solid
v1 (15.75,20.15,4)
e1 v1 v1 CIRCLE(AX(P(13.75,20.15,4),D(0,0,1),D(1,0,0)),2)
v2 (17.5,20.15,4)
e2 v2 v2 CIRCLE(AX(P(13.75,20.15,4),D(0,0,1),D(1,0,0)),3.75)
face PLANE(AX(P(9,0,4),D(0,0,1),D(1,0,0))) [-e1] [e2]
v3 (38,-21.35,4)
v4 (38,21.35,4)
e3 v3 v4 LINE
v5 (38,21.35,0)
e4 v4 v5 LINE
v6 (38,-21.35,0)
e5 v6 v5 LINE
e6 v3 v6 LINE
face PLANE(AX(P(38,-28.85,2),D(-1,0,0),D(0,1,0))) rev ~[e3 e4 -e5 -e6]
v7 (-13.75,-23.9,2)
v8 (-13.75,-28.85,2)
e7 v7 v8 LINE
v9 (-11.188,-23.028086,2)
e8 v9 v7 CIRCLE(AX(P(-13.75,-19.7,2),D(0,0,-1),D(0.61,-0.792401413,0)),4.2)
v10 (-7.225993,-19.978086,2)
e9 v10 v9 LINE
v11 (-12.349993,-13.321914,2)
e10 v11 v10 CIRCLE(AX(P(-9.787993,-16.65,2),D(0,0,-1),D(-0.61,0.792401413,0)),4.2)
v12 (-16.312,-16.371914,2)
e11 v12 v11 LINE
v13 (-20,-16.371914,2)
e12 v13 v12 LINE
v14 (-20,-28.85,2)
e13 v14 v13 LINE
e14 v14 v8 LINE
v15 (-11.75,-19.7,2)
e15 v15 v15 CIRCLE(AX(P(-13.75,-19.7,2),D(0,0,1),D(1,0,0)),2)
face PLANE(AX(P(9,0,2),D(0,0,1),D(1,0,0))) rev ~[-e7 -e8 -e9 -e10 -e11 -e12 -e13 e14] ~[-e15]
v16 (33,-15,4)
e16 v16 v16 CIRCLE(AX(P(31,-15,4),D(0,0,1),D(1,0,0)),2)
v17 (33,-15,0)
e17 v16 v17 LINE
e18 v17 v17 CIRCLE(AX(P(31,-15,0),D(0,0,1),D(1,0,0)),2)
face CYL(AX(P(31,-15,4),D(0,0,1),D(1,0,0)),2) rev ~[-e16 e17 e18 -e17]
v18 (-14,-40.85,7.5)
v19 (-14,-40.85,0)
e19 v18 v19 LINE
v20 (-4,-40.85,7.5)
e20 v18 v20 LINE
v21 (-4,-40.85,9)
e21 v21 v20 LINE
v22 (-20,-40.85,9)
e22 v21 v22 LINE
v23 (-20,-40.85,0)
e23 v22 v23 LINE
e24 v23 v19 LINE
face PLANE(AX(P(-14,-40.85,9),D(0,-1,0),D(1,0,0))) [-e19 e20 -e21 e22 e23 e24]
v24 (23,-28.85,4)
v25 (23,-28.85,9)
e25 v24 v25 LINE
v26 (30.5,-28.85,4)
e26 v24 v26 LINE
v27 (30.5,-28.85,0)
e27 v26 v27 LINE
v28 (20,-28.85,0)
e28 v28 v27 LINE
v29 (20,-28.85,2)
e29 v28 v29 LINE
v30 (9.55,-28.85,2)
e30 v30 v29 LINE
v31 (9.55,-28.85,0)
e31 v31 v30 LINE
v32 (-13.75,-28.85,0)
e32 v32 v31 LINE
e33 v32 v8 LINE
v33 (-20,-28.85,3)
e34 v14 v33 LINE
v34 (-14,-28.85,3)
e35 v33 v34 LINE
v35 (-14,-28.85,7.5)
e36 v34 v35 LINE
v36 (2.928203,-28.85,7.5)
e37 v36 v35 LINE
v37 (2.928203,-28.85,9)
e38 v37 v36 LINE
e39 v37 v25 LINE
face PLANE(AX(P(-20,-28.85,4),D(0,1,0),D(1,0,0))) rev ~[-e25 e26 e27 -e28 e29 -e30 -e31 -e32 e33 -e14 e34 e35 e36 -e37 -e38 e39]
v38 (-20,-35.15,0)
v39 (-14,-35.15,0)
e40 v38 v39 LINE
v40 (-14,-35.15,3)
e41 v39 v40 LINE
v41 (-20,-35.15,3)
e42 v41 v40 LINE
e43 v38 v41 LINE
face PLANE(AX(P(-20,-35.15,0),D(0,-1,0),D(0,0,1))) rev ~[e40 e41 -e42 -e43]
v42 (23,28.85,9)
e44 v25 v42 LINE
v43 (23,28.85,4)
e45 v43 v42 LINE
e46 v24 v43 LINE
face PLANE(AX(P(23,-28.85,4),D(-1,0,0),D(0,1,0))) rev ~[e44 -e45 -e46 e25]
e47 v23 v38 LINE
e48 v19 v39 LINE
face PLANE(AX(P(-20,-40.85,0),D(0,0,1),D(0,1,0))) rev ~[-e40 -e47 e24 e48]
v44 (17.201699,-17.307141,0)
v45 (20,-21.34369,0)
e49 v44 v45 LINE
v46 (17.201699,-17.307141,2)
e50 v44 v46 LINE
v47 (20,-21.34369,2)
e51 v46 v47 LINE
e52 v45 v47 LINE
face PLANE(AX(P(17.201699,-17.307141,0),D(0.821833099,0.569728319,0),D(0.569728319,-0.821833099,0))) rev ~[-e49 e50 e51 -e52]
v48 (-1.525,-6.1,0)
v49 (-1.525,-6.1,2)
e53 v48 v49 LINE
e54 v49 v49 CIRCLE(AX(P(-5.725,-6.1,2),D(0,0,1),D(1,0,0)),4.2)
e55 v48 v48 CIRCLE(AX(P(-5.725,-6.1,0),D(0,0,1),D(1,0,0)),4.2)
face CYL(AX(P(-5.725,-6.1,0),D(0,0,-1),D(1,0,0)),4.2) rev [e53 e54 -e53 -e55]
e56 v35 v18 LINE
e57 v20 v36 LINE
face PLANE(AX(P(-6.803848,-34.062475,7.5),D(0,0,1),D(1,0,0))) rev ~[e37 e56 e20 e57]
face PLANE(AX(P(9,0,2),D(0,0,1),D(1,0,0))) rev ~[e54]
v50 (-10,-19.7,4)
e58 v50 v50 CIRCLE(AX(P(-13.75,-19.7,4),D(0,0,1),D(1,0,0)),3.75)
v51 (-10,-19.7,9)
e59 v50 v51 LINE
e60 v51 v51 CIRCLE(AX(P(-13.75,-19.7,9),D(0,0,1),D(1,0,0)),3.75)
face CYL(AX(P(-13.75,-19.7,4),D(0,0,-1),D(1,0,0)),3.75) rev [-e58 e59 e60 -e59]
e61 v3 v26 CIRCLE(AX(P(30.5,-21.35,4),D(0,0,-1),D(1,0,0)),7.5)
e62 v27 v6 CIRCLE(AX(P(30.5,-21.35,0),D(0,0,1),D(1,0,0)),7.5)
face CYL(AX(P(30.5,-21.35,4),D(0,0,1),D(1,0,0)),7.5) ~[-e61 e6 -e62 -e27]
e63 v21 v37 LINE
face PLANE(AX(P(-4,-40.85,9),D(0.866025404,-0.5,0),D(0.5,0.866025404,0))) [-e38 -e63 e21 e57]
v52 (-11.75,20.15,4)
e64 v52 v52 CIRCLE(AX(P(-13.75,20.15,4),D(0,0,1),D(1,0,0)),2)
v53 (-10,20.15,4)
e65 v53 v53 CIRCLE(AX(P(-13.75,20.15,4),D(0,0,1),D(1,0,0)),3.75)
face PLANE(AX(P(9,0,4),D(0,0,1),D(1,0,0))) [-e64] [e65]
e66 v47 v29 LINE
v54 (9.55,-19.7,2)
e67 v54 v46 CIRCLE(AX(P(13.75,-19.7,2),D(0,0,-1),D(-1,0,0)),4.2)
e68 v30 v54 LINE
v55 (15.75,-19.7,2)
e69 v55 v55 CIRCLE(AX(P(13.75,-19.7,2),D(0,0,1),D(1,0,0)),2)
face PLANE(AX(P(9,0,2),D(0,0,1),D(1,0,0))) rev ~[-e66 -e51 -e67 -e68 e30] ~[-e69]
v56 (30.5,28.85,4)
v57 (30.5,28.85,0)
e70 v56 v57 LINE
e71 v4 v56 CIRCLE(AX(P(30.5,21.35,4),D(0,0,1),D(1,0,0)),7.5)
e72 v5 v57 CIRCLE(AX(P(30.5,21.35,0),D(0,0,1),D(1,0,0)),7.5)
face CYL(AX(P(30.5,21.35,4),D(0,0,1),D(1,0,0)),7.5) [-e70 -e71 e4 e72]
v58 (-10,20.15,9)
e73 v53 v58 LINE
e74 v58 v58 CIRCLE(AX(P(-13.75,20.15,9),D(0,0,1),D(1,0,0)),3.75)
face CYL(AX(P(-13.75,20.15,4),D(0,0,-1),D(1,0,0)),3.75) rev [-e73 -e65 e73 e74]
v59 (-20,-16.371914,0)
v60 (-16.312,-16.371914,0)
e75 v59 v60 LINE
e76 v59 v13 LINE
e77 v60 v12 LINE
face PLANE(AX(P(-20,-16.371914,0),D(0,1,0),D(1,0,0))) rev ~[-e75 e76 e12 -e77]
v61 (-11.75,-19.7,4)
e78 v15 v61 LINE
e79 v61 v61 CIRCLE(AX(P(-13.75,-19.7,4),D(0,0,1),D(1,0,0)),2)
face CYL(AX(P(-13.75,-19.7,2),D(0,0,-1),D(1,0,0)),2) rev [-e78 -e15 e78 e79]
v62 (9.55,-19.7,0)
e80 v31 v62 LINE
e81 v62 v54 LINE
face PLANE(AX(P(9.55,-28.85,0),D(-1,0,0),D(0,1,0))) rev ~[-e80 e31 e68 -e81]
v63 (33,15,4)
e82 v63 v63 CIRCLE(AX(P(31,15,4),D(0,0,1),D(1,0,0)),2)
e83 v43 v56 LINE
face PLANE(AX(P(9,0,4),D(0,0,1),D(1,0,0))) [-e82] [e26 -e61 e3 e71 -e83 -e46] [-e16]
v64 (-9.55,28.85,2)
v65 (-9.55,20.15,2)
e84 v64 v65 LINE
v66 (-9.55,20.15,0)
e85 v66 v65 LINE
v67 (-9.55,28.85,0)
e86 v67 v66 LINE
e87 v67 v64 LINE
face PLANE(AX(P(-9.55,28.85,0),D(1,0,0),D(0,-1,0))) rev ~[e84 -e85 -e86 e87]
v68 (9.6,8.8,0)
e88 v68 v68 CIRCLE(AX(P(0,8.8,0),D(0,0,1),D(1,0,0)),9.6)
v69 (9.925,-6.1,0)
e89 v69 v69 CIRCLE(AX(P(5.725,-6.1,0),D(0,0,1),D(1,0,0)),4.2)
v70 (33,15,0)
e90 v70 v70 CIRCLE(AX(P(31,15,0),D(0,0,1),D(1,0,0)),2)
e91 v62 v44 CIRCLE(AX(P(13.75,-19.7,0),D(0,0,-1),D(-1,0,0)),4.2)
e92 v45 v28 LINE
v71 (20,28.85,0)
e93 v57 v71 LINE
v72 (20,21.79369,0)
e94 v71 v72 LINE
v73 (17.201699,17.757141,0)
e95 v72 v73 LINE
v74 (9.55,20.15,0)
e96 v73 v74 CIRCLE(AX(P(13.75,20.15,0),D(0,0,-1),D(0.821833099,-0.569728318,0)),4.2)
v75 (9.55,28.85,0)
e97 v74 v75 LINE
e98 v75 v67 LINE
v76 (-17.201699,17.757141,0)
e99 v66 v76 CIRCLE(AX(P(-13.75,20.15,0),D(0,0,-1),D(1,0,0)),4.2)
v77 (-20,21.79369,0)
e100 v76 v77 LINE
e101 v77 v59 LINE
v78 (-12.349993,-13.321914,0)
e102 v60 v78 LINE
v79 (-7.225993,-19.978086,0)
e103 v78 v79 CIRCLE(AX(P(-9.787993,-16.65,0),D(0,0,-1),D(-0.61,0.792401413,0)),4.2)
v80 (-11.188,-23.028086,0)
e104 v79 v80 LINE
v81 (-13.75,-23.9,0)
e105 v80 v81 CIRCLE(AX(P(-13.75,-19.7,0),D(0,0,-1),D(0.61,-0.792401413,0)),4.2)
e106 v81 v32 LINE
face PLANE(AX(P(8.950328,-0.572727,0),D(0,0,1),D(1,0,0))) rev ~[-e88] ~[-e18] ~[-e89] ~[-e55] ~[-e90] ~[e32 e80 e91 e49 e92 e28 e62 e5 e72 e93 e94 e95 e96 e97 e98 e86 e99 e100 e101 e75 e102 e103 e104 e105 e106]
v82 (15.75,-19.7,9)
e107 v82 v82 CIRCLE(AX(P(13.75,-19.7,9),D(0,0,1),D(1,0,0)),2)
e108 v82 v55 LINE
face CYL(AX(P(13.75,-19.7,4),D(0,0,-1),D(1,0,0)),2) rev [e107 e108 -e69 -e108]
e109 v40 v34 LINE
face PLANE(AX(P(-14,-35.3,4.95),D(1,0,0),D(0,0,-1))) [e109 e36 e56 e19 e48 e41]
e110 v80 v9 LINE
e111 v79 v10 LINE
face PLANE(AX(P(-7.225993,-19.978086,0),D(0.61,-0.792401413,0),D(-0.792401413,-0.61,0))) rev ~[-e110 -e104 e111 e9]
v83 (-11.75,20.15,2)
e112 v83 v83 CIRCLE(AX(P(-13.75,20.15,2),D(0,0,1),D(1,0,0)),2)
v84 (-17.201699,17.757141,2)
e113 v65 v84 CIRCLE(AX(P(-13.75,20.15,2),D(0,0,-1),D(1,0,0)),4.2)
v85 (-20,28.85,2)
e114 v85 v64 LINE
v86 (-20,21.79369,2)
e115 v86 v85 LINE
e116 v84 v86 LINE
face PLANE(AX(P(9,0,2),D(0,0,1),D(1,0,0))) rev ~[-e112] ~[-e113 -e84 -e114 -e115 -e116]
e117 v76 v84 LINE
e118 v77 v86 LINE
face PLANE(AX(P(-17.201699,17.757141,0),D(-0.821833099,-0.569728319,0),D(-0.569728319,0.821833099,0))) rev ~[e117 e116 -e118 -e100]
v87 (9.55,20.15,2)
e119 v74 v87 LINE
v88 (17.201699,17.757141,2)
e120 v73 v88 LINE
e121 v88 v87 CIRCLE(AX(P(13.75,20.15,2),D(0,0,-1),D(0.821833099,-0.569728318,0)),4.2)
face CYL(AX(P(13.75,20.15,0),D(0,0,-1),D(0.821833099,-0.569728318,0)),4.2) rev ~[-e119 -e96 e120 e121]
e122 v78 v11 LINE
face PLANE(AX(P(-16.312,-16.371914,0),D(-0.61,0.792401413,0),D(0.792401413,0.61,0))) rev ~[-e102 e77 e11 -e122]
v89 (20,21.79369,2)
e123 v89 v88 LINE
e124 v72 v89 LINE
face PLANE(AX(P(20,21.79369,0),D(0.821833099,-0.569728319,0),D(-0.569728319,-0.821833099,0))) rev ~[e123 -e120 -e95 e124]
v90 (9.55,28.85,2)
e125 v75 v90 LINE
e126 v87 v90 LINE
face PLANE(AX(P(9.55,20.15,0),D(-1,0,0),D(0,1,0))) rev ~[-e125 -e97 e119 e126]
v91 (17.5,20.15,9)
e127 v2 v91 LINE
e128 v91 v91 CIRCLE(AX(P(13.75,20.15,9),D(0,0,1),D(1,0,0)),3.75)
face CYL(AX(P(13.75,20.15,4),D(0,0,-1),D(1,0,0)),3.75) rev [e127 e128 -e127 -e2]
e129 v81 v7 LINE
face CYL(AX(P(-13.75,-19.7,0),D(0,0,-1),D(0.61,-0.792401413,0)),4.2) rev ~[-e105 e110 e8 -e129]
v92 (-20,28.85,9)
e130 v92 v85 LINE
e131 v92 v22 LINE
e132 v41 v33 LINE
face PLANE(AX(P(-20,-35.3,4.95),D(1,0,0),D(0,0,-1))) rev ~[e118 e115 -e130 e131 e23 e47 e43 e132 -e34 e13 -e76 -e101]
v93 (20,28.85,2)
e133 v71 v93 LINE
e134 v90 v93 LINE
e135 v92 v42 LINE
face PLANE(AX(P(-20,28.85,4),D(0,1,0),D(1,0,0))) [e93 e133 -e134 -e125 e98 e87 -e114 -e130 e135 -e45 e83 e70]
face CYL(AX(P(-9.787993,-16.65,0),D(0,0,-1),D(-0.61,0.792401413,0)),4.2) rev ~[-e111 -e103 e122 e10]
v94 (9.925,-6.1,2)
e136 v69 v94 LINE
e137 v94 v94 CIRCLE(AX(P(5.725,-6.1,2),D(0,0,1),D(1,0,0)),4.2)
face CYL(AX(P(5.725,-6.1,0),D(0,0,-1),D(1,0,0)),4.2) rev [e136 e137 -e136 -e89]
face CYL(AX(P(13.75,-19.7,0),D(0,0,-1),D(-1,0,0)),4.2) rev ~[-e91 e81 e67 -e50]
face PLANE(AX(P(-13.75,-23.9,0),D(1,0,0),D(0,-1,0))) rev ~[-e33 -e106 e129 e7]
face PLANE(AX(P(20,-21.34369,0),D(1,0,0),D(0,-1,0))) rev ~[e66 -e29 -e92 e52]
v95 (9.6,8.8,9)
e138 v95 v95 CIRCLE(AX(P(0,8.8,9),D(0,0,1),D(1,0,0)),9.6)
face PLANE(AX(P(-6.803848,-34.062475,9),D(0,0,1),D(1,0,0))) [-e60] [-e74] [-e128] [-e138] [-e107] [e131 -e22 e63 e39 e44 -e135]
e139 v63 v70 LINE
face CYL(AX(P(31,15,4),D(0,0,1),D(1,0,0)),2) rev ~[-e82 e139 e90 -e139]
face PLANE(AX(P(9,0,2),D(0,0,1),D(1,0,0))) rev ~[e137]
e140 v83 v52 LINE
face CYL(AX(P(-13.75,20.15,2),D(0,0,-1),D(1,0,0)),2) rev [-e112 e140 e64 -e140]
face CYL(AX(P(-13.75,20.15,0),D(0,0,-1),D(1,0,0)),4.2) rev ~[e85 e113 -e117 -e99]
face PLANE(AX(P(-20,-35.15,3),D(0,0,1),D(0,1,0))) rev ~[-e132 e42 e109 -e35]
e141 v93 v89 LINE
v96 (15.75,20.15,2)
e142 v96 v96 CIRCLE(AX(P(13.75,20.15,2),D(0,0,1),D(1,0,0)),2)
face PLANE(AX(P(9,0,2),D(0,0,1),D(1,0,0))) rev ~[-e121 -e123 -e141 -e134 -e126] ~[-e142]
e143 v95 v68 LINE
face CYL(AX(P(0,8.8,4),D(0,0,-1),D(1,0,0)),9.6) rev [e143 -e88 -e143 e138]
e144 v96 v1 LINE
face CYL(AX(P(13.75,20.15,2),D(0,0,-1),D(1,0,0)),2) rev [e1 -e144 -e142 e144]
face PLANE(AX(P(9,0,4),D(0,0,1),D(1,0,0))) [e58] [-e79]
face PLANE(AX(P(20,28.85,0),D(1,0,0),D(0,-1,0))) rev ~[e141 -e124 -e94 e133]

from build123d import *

# Parameters (mm, degrees)
SKETCH1_R           = 9.6
SKETCH1_R_2         = 4.2
BOSS_EXTRUDE1_DEPTH = 2
SKETCH4_W           = 58
SKETCH4_H           = 57.7
SKETCH4_R           = 2
SKETCH4_R_2         = 9.6
BOSS_EXTRUDE3_DEPTH = 2
SKETCH5_R           = 2
CUT_EXTRUDE1_DEPTH  = 4
SKETCH6_W           = 43
SKETCH6_H           = 57.7
SKETCH6_R           = 3.75
SKETCH6_R_2         = 9.6
SKETCH6_R_3         = 2
BOSS_EXTRUDE4_DEPTH = 5
CUT_EXTRUDE2_DEPTH  = 48.972101267
BOSS_EXTRUDE5_DEPTH = 6
BOSS_EXTRUDE6_DEPTH = 1.5


with BuildPart() as part:
    # Sketch1 → Boss-Extrude1 (new body)
    with BuildSketch(Plane.XY):
        with BuildLine():
            Line((38, 28.85), (20, 28.85))
            Line((20, 28.85), (20, 21.79369023))
            Line((20, 21.79369023), (17.201699017, 17.757141063))
            ThreePointArc((17.201699017, 17.757141063), (12.496432266, 16.141438171), (9.55, 20.15))
            Line((9.55, 20.15), (9.55, 28.85))
            Line((9.55, 28.85), (-9.55, 28.85))
            Line((-9.55, 28.85), (-9.55, 20.15))
            ThreePointArc((-9.55, 20.15), (-12.496432266, 16.141438171), (-17.201699017, 17.757141063))
            Line((-17.201699017, 17.757141063), (-20, 21.79369023))
            Line((-20, 21.79369023), (-20, -16.371914064))
            Line((-20, -16.371914064), (-16.312, -16.371914064))
            Line((-16.312, -16.371914064), (-12.349992933, -13.321914064))
            ThreePointArc((-12.349992933, -13.321914064), (-6.459906996, -14.088), (-7.225992933, -19.978085936))
            Line((-7.225992933, -19.978085936), (-11.188, -23.028085936))
            ThreePointArc((-11.188, -23.028085936), (-12.396848296, -23.676050863), (-13.75, -23.9))
            Line((-13.75, -23.9), (-13.75, -28.85))
            Line((-13.75, -28.85), (9.55, -28.85))
            Line((9.55, -28.85), (9.55, -19.7))
            ThreePointArc((9.55, -19.7), (12.496432266, -15.691438171), (17.201699017, -17.307141063))
            Line((17.201699017, -17.307141063), (20, -21.34369023))
            Line((20, -21.34369023), (20, -28.85))
            Line((20, -28.85), (38, -28.85))
            Line((38, -28.85), (38, 28.85))
        make_face()
        with Locations((0, 8.8)):
            Circle(SKETCH1_R, mode=Mode.SUBTRACT)
        with Locations((-5.725, -6.1)):
            Circle(SKETCH1_R_2, mode=Mode.SUBTRACT)
        with Locations((5.725, -6.1)):
            Circle(SKETCH1_R_2, mode=Mode.SUBTRACT)
    extrude(amount=BOSS_EXTRUDE1_DEPTH)

    # Sketch4 → Boss-Extrude3 (add)
    with BuildSketch(Plane.XY.offset(2)):
        with Locations((9, 0)):
            Rectangle(SKETCH4_W, SKETCH4_H)
        with Locations((13.75, -19.7)):
            Circle(SKETCH4_R, mode=Mode.SUBTRACT)
        with Locations((-13.75, 20.15)):
            Circle(SKETCH4_R, mode=Mode.SUBTRACT)
        with Locations((13.75, 20.15)):
            Circle(SKETCH4_R, mode=Mode.SUBTRACT)
        with Locations((-13.75, -19.7)):
            Circle(SKETCH4_R, mode=Mode.SUBTRACT)
        with Locations((0, 8.8)):
            Circle(SKETCH4_R_2, mode=Mode.SUBTRACT)
    extrude(amount=BOSS_EXTRUDE3_DEPTH)

    # Sketch5 → Cut-Extrude1 (cut)
    with BuildSketch(Plane.XY.offset(4)):
        with Locations((31, 15)):
            Circle(SKETCH5_R)
        with Locations((31, -15)):
            Circle(SKETCH5_R)
    extrude(amount=-CUT_EXTRUDE1_DEPTH, mode=Mode.SUBTRACT)

    # Sketch6 → Boss-Extrude4 (add)
    with BuildSketch(Plane.XY.offset(4)):
        with Locations((1.5, 0)):
            Rectangle(SKETCH6_W, SKETCH6_H)
        with Locations((-13.75, -19.7)):
            Circle(SKETCH6_R, mode=Mode.SUBTRACT)
        with Locations((0, 8.8)):
            Circle(SKETCH6_R_2, mode=Mode.SUBTRACT)
        with Locations((-13.75, 20.15)):
            Circle(SKETCH6_R, mode=Mode.SUBTRACT)
        with Locations((13.75, 20.15)):
            Circle(SKETCH6_R, mode=Mode.SUBTRACT)
        with Locations((13.75, -19.7)):
            Circle(SKETCH6_R_3, mode=Mode.SUBTRACT)
    extrude(amount=BOSS_EXTRUDE4_DEPTH)

    # Sketch7 → Cut-Extrude2 (cut, through all)
    with BuildSketch(Plane.XY.offset(4)):
        with BuildLine():
            Line((30.5, 28.85), (38, 28.85))
            Line((38, 28.85), (38, 21.35))
            ThreePointArc((38, 21.35), (35.803300859, 26.653300859), (30.5, 28.85))
        make_face()
        with BuildLine():
            Line((38, -28.85), (38, -21.35))
            ThreePointArc((38, -21.35), (35.803300859, -26.653300859), (30.5, -28.85))
            Line((30.5, -28.85), (38, -28.85))
        make_face()
    extrude(amount=-CUT_EXTRUDE2_DEPTH, mode=Mode.SUBTRACT)

    # Sketch9 → Boss-Extrude5 (add)
    with BuildSketch(Plane.ZY.offset(20)):
        Polygon((9, -28.85), (9, -40.85), (0, -40.85), (0, -35.15), (3, -35.15), (3, -28.85), align=None)
    extrude(amount=-BOSS_EXTRUDE5_DEPTH)

    # Sketch10 → Boss-Extrude6 (add)
    with BuildSketch(Plane.XY.offset(9)):
        Polygon((-14, -40.85), (-4, -40.85), (2.92820323, -28.85), (-14, -28.85), align=None)
    extrude(amount=-BOSS_EXTRUDE6_DEPTH)


solid = part.part
